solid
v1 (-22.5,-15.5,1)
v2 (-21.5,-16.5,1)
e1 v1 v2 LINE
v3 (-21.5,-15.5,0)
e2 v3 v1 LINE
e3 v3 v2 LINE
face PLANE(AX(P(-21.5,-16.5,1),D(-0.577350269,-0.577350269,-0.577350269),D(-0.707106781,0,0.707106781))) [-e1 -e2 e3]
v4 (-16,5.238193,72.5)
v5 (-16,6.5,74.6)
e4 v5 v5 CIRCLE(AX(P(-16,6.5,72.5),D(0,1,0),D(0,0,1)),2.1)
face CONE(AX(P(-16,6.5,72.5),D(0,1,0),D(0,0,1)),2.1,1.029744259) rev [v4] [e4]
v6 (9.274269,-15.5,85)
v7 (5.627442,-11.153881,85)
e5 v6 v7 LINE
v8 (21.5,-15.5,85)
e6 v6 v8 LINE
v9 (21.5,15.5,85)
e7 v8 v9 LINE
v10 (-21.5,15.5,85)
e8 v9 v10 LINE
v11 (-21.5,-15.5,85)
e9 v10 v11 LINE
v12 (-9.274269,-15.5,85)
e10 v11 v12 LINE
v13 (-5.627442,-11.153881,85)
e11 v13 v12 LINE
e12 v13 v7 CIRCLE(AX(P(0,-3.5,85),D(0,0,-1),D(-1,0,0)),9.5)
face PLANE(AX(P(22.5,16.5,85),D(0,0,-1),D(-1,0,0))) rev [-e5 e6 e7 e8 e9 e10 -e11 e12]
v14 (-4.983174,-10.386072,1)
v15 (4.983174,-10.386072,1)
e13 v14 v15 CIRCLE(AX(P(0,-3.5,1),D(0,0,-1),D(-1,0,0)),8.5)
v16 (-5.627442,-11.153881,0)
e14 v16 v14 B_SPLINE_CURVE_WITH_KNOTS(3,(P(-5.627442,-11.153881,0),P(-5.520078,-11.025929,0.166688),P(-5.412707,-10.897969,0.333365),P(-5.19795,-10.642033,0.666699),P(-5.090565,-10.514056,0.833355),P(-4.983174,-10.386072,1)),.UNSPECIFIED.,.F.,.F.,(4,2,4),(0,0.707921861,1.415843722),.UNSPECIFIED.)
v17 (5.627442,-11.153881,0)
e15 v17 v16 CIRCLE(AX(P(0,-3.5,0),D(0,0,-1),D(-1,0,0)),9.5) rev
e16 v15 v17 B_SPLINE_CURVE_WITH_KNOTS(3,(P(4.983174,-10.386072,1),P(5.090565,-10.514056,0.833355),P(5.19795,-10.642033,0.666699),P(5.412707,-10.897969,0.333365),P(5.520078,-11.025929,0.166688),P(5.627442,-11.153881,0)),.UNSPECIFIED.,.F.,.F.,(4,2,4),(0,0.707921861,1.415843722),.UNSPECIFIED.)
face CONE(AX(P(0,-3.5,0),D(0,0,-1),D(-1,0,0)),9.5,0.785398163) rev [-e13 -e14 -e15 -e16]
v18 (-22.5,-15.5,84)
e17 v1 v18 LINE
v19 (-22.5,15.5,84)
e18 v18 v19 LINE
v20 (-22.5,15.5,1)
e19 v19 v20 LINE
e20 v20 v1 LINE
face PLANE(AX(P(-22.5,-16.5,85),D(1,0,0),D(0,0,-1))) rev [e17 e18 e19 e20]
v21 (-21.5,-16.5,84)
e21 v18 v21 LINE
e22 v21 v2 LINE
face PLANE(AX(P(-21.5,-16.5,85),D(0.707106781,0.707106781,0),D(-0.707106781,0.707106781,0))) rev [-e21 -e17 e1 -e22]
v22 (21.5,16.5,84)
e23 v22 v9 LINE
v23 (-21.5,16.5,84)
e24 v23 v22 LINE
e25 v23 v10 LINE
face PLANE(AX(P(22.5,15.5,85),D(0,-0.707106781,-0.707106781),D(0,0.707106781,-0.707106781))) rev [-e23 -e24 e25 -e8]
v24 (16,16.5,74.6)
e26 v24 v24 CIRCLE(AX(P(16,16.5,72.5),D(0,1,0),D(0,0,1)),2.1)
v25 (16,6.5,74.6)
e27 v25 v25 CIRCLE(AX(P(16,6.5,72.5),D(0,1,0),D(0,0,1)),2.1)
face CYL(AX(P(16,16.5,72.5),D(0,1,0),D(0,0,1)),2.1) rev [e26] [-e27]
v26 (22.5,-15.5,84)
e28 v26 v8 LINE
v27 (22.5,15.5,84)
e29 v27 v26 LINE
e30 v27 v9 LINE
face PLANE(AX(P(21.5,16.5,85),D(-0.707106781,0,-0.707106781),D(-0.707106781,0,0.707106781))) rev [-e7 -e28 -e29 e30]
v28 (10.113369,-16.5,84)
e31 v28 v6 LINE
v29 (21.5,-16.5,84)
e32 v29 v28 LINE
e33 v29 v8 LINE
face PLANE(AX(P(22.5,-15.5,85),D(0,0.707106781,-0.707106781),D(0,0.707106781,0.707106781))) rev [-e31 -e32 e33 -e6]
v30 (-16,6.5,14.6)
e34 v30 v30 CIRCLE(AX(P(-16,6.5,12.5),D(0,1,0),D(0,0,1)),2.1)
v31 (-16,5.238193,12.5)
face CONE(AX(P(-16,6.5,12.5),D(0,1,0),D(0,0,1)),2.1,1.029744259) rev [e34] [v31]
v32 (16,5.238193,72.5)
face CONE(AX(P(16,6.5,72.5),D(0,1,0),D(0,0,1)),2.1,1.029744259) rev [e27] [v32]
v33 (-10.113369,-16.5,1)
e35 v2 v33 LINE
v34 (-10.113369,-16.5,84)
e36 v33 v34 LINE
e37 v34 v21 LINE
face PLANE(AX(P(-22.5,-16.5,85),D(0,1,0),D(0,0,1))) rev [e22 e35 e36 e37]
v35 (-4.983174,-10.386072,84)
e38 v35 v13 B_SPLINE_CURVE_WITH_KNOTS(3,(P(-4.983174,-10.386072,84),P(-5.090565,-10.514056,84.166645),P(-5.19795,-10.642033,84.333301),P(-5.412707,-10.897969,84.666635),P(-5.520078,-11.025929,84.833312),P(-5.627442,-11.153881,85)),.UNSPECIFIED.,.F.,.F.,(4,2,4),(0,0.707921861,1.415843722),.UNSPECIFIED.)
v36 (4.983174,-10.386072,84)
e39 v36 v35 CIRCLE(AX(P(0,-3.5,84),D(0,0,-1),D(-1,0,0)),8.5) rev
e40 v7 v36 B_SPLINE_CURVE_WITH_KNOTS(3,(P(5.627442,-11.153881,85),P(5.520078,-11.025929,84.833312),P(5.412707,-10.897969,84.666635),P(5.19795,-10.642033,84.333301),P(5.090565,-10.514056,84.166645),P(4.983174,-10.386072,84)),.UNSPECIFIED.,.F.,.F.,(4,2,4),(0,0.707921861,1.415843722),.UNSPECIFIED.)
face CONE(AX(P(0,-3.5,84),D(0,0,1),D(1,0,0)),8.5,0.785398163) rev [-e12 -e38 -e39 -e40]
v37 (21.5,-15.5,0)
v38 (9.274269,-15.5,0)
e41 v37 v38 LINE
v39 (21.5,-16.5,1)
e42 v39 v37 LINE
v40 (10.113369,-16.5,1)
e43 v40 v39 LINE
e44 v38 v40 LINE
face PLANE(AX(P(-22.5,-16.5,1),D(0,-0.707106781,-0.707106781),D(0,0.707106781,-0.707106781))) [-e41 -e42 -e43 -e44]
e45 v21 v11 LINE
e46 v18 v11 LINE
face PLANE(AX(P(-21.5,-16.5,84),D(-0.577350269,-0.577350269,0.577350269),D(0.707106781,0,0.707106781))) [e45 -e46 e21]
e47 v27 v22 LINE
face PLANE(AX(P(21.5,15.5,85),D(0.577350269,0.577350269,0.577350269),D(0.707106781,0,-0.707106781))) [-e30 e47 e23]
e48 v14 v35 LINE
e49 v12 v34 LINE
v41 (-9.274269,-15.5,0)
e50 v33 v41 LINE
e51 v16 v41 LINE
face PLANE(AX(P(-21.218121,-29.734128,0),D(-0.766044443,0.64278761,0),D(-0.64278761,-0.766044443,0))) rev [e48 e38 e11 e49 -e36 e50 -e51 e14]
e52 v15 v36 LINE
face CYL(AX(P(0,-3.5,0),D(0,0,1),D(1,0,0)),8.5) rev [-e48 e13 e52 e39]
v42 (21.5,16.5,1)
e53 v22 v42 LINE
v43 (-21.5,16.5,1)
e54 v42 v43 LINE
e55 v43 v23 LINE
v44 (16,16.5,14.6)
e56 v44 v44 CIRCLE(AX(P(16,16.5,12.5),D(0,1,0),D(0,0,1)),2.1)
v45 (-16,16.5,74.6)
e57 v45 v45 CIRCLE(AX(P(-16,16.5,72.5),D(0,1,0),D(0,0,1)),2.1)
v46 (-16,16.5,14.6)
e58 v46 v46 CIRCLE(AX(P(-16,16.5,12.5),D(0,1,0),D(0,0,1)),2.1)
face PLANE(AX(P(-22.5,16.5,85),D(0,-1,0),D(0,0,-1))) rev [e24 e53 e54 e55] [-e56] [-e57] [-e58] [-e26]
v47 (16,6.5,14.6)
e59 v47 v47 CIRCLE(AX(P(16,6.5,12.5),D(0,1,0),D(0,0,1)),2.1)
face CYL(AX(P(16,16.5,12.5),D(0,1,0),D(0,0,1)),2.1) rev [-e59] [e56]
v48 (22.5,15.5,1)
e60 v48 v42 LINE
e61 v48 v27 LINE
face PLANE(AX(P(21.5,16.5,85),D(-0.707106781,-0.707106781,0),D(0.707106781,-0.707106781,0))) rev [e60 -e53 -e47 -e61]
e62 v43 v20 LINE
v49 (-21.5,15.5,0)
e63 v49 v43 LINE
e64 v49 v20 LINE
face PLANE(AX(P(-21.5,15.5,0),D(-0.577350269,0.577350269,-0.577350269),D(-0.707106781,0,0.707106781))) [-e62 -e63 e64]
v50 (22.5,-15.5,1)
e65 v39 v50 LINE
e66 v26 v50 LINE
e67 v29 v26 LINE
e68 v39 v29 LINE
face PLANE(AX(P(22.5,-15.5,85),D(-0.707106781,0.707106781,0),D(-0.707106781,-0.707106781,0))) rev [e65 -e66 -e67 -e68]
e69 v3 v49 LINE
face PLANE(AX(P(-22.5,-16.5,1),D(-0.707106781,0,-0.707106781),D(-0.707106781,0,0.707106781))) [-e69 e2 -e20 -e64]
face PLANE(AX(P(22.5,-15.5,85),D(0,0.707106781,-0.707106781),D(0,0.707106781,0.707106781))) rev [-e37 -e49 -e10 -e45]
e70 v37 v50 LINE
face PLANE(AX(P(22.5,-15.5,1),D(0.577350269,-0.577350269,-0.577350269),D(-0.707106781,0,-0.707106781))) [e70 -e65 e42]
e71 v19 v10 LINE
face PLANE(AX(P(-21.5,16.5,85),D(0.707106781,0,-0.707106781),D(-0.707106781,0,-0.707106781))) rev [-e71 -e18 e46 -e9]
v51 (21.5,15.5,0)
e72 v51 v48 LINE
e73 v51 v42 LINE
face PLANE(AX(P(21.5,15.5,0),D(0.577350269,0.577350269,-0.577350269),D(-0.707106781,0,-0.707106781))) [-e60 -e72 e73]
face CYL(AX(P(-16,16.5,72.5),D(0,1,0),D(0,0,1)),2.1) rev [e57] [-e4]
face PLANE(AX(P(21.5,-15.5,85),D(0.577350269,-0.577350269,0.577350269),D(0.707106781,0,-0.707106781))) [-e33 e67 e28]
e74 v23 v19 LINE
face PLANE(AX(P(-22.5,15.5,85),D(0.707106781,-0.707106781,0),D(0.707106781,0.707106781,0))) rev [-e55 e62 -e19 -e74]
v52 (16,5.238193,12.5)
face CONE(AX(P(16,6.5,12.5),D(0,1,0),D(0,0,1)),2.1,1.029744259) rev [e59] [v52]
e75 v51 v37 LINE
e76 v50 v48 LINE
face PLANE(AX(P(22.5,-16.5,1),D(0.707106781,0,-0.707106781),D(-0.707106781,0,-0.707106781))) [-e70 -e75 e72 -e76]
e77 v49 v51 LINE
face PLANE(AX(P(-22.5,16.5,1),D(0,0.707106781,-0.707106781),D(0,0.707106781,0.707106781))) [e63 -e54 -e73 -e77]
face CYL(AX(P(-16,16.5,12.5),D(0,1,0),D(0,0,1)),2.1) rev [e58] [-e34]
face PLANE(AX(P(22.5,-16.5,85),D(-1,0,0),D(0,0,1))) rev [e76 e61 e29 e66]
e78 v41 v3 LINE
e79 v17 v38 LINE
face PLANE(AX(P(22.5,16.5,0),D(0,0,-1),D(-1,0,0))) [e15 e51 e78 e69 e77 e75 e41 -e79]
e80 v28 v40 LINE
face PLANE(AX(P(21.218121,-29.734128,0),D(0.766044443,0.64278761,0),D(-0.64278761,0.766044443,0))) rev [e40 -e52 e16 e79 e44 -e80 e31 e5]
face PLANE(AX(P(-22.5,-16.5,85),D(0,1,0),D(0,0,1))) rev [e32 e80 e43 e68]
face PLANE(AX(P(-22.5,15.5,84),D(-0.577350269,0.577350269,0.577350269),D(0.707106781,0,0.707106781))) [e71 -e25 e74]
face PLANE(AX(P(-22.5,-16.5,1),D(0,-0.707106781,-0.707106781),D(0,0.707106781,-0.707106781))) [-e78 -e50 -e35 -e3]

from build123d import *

# Parameters (mm, degrees)
SKETCH1_W             = 45
SKETCH1_H             = 33
EXTRUDE1_DEPTH        = 85
EXTRUDE3_DEPTH        = 90.462282555
M5_TAPPED_HOLE1_D     = 4.2
M5_TAPPED_HOLE1_DEPTH = 10
M5_TAPPED_HOLE1_TIP   = 1.2618073
CHAMFER1_SIZE         = 1


with BuildPart() as part:
    # Sketch1 → Extrude1 (new body)
    with BuildSketch(Plane.XY):
        Rectangle(SKETCH1_W, SKETCH1_H)
    extrude(amount=EXTRUDE1_DEPTH)

    # Sketch2 → Extrude3 (cut, through all)
    with BuildSketch(Plane.XY.offset(85)):
        with BuildLine():
            Line((4.983173546, -10.386071552), (0, -4.447356576))
            Line((0, -4.447356576), (-4.983173546, -10.386071552))
            ThreePointArc((-4.983173546, -10.386071552), (0, -12), (4.983173546, -10.386071552))
        make_face()
        with BuildLine():
            Line((-4.983173546, -10.386071552), (0, -4.447356576))
            Line((0, -4.447356576), (4.983173546, -10.386071552))
            ThreePointArc((4.983173546, -10.386071552), (7.569906708, -7.366071964), (8.5, -3.5))
            ThreePointArc((8.5, -3.5), (-3.866071964, 4.069906708), (-4.983173546, -10.386071552))
        make_face()
        Polygon((10.113368652, -16.5), (-10.113368652, -16.5), (-13.53955506, -20.583169961), (13.53955506, -20.583169961), align=None)
        with BuildLine():
            ThreePointArc((4.983173546, -10.386071552), (0, -12), (-4.983173546, -10.386071552))
            Line((-4.983173546, -10.386071552), (-10.113368652, -16.5))
            Line((-10.113368652, -16.5), (10.113368652, -16.5))
            Line((10.113368652, -16.5), (4.983173546, -10.386071552))
        make_face()
    extrude(amount=-EXTRUDE3_DEPTH, mode=Mode.SUBTRACT)

    # M5 Tapped Hole1
    with Locations(Plane(origin=(0, 16.5, 0), x_dir=(-1, 0, 0), z_dir=(0, 1, 0))):
        with Locations((16, 12.5), (-16, 12.5), (-16, 72.5), (16, 72.5)):
            Hole(M5_TAPPED_HOLE1_D / 2, depth=M5_TAPPED_HOLE1_DEPTH)
            with Locations((0, 0, -(M5_TAPPED_HOLE1_DEPTH + M5_TAPPED_HOLE1_TIP / 2))):  # 118° drill point
                Cone(0, M5_TAPPED_HOLE1_D / 2, M5_TAPPED_HOLE1_TIP, mode=Mode.SUBTRACT)

    # Chamfer1
    chamfer1_edges = [part.edges().sort_by_distance(p)[0] for p in [
        (-22.5, 0, 85),
        (-16.306684326, -16.5, 85),
        (16.306684326, -16.5, 0),
        (16.306684326, -16.5, 85),
        (0, 5, 85),
        (0, 5, 0),
        (22.5, 0, 85),
        (-16.306684326, -16.5, 0),
        (-22.5, 0, 0),
        (0, 16.5, 0),
        (22.5, 0, 0),
        (0, 16.5, 85),
        (22.5, -16.5, 42.5),
        (-22.5, -16.5, 42.5),
        (-22.5, 16.5, 42.5),
        (22.5, 16.5, 42.5),
    ]]
    chamfer(chamfer1_edges, length=CHAMFER1_SIZE)


solid = part.part
